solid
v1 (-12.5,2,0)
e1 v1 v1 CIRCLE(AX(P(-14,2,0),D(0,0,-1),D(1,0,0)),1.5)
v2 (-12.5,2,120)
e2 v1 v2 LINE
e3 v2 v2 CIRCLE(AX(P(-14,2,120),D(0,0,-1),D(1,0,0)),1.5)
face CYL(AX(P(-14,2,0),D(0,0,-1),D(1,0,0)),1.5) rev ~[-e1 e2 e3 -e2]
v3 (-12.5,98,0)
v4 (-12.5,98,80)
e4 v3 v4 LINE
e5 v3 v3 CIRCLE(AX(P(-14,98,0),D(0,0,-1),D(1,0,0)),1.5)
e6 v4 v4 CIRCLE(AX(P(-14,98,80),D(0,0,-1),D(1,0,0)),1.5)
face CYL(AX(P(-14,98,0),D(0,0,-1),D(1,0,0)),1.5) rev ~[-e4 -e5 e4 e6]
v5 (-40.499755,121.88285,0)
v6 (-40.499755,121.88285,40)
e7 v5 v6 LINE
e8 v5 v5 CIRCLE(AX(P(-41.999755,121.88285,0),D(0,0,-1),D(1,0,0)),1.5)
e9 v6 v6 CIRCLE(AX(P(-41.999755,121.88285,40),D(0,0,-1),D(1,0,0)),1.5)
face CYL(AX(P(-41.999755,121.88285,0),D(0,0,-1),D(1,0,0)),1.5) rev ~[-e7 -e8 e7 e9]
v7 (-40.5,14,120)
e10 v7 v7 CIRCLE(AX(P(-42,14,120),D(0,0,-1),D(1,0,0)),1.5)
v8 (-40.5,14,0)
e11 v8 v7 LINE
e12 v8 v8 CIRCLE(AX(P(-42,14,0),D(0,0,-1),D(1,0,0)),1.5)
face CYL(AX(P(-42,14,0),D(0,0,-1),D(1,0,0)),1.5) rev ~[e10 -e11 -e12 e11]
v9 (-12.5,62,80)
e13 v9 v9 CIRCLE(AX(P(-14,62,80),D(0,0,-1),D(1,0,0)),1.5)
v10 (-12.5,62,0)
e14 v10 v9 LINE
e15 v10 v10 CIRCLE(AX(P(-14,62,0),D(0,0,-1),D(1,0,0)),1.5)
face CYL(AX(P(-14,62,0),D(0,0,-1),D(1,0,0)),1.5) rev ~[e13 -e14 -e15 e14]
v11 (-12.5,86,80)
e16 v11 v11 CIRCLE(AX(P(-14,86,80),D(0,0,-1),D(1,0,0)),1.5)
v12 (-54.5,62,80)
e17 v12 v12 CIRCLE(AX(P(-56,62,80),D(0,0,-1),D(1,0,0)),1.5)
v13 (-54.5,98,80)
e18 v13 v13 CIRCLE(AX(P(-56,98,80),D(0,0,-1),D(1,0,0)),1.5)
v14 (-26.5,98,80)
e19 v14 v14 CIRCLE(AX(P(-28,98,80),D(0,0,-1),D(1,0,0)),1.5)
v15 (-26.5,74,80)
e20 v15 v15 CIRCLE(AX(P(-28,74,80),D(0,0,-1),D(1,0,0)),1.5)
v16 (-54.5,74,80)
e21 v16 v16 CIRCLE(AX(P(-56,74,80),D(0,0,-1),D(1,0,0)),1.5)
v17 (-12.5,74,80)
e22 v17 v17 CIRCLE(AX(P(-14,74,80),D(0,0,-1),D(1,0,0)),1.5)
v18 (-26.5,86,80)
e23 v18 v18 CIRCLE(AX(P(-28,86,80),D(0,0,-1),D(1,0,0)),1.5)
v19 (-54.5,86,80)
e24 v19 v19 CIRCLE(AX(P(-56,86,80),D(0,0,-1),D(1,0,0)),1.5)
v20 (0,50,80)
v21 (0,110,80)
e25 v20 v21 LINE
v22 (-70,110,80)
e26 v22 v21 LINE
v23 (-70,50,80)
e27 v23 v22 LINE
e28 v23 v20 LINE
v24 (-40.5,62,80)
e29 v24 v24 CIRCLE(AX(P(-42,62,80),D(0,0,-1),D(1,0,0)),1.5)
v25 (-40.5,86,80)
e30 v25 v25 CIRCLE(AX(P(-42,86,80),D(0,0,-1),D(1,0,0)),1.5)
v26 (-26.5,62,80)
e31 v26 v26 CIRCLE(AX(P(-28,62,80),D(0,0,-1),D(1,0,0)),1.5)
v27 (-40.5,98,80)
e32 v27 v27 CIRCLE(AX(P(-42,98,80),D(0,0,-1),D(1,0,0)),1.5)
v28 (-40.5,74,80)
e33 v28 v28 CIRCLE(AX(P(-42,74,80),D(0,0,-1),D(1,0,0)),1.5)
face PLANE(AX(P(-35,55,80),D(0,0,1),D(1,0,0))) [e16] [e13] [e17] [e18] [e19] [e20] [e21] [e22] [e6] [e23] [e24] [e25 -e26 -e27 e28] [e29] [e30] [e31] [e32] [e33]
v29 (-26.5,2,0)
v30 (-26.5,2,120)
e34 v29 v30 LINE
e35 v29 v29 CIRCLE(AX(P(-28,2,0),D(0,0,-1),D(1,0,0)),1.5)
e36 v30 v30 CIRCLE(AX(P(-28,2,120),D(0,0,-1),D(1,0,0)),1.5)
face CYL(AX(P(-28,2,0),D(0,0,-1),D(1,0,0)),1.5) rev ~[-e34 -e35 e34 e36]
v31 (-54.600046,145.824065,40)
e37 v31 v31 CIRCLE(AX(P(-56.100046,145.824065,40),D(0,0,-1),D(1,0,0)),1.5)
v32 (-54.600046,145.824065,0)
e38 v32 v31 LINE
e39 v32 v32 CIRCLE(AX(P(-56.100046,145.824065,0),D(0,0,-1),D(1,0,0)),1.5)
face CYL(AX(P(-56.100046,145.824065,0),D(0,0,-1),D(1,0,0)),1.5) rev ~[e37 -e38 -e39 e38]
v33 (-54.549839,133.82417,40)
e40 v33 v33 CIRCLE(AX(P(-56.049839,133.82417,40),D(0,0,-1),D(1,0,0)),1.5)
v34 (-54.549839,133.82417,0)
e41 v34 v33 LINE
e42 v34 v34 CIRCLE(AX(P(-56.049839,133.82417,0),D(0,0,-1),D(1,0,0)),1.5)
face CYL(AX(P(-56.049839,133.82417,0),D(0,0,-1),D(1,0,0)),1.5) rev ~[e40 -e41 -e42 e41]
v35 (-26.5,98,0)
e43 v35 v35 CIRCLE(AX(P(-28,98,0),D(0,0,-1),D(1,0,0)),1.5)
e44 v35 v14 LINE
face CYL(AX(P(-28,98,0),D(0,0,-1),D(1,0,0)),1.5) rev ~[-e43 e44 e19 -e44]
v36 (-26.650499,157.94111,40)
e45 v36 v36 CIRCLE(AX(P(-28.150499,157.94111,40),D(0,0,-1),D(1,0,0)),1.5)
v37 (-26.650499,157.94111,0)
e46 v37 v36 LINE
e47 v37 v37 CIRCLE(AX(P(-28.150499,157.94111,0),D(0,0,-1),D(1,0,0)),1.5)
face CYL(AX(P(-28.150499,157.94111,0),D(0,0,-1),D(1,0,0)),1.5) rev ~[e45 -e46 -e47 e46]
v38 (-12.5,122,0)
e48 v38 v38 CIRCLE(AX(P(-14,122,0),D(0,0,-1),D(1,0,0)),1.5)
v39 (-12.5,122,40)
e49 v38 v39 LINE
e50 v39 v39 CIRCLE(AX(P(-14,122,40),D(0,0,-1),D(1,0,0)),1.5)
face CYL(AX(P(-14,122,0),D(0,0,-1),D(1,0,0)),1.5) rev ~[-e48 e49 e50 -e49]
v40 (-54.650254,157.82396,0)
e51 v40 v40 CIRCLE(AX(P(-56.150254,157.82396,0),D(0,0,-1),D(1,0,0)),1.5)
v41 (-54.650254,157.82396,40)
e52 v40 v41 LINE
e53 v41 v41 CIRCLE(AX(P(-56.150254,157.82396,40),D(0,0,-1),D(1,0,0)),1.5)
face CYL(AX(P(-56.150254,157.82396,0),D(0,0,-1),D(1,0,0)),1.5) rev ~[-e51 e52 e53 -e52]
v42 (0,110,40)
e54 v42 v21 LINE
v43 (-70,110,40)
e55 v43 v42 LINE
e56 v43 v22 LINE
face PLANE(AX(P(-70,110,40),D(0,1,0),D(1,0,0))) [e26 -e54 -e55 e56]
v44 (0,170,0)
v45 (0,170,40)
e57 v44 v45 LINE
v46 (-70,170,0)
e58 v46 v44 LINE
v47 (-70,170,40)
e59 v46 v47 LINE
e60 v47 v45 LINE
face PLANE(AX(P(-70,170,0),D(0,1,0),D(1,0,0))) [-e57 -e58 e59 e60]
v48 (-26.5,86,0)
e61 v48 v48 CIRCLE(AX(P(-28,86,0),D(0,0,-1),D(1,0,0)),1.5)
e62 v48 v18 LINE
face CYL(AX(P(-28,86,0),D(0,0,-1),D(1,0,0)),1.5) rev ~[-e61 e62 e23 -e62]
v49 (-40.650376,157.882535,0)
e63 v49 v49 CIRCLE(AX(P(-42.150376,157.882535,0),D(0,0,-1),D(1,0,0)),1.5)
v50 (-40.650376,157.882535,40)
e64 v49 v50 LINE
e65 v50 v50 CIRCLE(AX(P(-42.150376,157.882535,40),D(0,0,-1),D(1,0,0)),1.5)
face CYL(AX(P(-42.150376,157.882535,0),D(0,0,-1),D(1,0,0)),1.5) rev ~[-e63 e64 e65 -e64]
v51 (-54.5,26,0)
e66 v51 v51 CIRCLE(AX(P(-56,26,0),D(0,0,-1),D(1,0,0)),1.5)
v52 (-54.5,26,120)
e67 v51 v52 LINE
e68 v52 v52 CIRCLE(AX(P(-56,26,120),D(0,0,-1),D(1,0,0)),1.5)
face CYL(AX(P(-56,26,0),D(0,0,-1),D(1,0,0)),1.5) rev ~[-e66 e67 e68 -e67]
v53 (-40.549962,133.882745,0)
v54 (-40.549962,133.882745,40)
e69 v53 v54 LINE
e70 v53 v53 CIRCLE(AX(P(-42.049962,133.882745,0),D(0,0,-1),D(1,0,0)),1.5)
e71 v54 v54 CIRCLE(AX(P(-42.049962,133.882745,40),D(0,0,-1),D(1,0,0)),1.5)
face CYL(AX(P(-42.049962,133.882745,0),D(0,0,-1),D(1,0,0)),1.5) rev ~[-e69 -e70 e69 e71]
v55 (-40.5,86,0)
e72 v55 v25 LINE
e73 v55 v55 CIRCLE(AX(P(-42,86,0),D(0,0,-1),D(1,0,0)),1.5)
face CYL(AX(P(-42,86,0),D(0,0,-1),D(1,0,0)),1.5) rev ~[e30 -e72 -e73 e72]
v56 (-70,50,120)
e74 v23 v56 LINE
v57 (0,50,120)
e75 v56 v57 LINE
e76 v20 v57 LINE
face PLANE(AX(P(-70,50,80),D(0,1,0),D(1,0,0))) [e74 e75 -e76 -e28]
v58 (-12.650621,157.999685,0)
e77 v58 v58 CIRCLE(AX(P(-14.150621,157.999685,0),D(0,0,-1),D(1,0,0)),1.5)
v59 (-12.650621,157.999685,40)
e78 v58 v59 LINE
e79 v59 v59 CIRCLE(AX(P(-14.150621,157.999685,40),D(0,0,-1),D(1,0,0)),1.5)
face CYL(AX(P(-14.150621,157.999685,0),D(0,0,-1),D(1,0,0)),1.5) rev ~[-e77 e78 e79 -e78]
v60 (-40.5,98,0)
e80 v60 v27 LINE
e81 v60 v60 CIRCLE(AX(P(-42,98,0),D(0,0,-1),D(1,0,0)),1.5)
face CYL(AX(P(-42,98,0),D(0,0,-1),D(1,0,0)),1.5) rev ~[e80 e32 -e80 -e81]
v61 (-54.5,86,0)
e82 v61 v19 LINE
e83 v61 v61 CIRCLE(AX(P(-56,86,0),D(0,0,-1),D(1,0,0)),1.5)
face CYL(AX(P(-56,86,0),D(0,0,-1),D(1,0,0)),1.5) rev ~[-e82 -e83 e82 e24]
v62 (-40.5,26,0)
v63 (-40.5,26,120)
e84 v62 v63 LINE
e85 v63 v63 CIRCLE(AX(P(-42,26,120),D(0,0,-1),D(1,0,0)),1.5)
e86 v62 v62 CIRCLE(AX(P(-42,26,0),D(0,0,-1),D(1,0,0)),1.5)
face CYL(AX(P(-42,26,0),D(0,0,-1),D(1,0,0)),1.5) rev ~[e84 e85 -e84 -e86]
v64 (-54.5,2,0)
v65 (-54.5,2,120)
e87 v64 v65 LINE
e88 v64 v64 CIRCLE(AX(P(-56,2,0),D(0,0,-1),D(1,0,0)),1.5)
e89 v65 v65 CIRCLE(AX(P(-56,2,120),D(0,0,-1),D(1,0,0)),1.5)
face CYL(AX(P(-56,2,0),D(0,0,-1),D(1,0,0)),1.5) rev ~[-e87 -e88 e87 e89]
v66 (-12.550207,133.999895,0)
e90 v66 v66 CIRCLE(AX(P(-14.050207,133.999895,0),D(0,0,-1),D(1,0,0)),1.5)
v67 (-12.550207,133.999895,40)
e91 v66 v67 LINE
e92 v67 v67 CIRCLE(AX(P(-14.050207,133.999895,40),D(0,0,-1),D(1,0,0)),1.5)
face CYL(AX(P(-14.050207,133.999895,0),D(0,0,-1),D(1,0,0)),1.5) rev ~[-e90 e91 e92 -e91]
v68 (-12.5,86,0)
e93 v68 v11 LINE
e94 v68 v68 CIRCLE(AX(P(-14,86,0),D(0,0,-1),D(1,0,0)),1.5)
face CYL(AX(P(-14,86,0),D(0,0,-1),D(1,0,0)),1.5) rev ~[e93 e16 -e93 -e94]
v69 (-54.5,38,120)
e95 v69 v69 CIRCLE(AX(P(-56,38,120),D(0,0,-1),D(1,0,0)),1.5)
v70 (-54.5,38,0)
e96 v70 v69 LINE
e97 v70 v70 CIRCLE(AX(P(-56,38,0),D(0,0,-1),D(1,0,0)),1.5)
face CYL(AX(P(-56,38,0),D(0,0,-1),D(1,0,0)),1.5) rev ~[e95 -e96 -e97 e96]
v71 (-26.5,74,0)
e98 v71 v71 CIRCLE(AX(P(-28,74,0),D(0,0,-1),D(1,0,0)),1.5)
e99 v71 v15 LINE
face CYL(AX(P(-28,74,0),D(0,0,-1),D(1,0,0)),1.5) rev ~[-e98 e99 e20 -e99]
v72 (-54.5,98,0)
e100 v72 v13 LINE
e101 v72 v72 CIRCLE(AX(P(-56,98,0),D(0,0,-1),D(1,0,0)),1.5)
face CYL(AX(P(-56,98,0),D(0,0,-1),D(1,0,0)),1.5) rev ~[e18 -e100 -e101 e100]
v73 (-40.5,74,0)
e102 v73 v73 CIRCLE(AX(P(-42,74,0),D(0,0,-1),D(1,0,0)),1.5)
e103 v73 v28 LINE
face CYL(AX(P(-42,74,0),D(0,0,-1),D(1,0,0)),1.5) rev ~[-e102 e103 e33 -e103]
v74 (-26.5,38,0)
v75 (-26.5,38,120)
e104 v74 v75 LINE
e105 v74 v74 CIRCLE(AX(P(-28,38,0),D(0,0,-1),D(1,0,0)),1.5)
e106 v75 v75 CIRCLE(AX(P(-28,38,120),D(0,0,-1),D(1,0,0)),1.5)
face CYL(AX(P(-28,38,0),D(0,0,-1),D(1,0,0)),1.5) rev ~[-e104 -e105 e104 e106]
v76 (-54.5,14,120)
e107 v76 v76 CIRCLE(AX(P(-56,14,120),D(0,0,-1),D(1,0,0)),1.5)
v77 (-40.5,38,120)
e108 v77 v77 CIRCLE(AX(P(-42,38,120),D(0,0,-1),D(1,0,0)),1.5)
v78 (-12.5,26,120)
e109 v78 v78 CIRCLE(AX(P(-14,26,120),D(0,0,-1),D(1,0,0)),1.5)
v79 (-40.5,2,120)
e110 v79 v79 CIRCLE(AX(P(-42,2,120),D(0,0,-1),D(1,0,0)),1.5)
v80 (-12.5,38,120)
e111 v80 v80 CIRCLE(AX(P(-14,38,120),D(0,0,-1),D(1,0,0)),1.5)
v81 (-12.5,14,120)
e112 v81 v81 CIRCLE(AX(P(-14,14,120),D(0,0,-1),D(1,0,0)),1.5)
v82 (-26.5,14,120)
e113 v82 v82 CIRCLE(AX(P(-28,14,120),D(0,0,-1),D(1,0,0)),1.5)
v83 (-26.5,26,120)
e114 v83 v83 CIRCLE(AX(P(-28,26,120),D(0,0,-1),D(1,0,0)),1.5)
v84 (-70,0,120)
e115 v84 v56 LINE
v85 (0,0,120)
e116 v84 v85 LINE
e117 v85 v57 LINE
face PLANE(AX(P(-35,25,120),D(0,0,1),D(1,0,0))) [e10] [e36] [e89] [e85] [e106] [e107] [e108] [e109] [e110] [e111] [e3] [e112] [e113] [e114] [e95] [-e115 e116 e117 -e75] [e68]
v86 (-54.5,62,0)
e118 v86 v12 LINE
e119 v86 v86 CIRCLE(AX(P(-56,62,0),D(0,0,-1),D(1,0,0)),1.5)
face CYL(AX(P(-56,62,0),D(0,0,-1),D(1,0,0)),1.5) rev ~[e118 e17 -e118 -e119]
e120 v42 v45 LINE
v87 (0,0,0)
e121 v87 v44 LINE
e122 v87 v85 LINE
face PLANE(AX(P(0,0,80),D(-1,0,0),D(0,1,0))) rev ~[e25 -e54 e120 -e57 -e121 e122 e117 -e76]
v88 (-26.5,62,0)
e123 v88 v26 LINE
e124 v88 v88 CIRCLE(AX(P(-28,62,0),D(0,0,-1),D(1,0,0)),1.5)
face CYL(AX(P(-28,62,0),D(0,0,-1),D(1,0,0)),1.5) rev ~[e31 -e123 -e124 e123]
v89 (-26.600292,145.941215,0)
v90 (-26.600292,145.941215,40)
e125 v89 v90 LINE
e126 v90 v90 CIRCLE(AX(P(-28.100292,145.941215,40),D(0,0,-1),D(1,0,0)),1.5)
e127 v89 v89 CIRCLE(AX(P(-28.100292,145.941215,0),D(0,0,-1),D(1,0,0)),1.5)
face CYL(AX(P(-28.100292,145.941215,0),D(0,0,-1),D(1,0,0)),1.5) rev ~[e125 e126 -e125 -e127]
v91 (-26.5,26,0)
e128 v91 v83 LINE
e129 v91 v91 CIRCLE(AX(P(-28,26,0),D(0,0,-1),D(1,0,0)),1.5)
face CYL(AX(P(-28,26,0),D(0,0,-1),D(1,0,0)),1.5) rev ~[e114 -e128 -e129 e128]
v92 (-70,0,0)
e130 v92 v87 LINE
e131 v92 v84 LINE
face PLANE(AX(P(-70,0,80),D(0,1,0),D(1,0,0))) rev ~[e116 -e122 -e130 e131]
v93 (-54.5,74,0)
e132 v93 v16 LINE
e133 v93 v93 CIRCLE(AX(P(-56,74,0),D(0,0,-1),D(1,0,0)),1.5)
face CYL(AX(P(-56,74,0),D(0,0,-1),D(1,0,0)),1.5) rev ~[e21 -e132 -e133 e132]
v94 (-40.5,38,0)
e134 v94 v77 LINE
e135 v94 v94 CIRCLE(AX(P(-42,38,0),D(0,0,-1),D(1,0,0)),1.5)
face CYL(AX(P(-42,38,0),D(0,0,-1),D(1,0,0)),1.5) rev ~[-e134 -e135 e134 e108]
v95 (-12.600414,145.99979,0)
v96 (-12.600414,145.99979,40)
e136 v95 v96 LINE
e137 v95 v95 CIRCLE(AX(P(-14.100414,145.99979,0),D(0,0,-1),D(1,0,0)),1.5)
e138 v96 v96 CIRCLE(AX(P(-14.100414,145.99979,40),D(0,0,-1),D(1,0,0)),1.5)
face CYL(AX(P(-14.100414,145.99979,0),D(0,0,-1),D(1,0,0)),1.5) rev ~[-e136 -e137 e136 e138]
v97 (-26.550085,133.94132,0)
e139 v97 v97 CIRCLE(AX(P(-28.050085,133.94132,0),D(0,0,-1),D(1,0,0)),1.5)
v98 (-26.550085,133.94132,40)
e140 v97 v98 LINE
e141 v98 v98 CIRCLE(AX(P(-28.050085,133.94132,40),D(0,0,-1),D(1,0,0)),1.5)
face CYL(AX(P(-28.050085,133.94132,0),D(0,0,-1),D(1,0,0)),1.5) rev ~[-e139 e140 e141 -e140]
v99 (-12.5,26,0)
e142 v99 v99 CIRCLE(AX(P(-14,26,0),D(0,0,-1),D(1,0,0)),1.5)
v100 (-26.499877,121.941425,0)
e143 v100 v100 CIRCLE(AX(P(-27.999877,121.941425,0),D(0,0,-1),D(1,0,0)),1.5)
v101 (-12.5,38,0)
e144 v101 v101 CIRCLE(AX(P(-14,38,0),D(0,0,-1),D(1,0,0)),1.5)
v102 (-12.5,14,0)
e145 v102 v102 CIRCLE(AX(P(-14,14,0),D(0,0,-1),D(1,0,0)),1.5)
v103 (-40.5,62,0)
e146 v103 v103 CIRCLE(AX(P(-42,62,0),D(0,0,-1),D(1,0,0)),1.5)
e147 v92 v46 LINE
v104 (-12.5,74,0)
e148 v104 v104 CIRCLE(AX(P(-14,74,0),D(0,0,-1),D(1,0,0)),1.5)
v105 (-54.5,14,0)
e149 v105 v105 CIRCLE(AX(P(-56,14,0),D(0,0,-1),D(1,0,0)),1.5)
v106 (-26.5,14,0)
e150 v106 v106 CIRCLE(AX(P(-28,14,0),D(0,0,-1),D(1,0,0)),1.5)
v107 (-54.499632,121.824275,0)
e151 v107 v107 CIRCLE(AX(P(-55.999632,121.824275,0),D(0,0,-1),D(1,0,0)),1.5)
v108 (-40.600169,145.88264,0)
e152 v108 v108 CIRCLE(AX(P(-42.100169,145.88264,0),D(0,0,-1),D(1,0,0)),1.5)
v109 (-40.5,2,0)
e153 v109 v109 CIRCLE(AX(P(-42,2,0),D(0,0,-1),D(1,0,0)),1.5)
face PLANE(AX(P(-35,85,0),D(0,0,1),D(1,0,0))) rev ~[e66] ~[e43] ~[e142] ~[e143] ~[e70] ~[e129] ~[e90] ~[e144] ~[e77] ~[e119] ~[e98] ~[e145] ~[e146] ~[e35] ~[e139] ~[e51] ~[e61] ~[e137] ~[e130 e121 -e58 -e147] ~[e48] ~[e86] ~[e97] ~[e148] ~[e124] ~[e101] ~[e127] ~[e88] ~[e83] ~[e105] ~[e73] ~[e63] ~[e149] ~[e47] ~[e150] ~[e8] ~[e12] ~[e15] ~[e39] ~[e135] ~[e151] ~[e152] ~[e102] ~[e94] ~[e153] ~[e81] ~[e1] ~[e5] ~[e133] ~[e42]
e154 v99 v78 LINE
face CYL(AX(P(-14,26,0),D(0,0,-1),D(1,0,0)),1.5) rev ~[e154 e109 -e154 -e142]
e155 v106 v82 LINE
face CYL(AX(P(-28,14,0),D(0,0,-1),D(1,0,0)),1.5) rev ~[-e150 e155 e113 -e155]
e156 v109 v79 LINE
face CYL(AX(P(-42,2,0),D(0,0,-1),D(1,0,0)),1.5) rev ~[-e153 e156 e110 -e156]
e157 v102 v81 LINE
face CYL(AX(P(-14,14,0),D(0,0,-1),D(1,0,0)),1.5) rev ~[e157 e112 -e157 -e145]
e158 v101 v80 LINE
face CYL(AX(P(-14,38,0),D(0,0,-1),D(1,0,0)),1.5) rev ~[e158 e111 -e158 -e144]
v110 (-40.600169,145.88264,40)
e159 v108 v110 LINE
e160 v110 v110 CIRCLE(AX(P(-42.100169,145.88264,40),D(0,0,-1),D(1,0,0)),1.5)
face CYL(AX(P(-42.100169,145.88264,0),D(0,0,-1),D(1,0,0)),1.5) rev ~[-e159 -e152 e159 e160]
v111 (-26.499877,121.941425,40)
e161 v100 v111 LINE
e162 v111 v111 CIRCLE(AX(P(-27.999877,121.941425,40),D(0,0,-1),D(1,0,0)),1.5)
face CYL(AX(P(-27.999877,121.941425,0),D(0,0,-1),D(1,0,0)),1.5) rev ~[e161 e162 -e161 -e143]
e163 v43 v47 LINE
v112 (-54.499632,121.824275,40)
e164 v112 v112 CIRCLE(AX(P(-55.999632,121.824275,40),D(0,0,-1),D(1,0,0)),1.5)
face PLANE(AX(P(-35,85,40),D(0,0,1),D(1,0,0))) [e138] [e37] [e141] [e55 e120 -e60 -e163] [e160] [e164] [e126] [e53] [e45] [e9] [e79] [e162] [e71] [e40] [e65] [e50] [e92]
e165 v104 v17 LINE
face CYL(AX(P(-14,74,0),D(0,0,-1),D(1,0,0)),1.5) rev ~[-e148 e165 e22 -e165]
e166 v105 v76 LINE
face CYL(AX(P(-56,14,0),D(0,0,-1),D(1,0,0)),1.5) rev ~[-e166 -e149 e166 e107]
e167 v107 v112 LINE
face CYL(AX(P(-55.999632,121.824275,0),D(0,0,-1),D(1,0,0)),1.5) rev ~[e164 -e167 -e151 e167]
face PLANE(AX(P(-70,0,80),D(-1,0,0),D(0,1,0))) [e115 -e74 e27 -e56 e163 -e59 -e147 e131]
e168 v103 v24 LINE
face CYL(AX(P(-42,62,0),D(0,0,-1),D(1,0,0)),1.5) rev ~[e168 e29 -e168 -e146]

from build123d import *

# Parameters (mm, degrees)
SKETCH_W     = 70
SKETCH_H     = 170
PAD_DEPTH    = 40
SKETCH001_W  = 70
SKETCH001_H  = 110
PAD001_DEPTH = 40
SKETCH002_W  = 70
SKETCH002_H  = 50
PAD002_DEPTH = 40
SKETCH003_R  = 1.5
POCKET_DEPTH = 120.001


with BuildPart() as part:
    # Sketch → Pad (new body)
    with BuildSketch(Plane.XY):
        with Locations((-35, 85)):
            Rectangle(SKETCH_W, SKETCH_H)
    extrude(amount=PAD_DEPTH)

    # Sketch001 (on Face6 of Pad) → Pad001 (join)
    with BuildSketch(Plane.XY.offset(40)):
        with Locations((-35, 55)):
            Rectangle(SKETCH001_W, SKETCH001_H)
    extrude(amount=PAD001_DEPTH)

    # Sketch002 (on Face10 of Pad001) → Pad002 (join)
    with BuildSketch(Plane.XY.offset(80)):
        with Locations((-35, 25)):
            Rectangle(SKETCH002_W, SKETCH002_H)
    extrude(amount=PAD002_DEPTH)

    # Sketch003 (on Face4 of Pad002) → Pocket (cut, through all)
    with BuildSketch(Plane(origin=(0, 0, 0), x_dir=(1, 0, 0), z_dir=(0, 0, -1))):
        with Locations((-14, -122)):
            Circle(SKETCH003_R)
        with Locations((-14, -62)):
            Circle(SKETCH003_R)
        with Locations((-14, -2)):
            Circle(SKETCH003_R)
        with Locations((-14, -14)):
            Circle(SKETCH003_R)
        with Locations((-14, -26)):
            Circle(SKETCH003_R)
        with Locations((-14, -38)):
            Circle(SKETCH003_R)
        with Locations((-28, -2)):
            Circle(SKETCH003_R)
        with Locations((-28, -14)):
            Circle(SKETCH003_R)
        with Locations((-28, -26)):
            Circle(SKETCH003_R)
        with Locations((-28, -38)):
            Circle(SKETCH003_R)
        with Locations((-42, -2)):
            Circle(SKETCH003_R)
        with Locations((-42, -14)):
            Circle(SKETCH003_R)
        with Locations((-42, -26)):
            Circle(SKETCH003_R)
        with Locations((-42, -38)):
            Circle(SKETCH003_R)
        with Locations((-56, -2)):
            Circle(SKETCH003_R)
        with Locations((-56, -14)):
            Circle(SKETCH003_R)
        with Locations((-56, -26)):
            Circle(SKETCH003_R)
        with Locations((-56, -38)):
            Circle(SKETCH003_R)
        with Locations((-14, -74)):
            Circle(SKETCH003_R)
        with Locations((-14, -86)):
            Circle(SKETCH003_R)
        with Locations((-14, -98)):
            Circle(SKETCH003_R)
        with Locations((-28, -62)):
            Circle(SKETCH003_R)
        with Locations((-28, -74)):
            Circle(SKETCH003_R)
        with Locations((-28, -86)):
            Circle(SKETCH003_R)
        with Locations((-28, -98)):
            Circle(SKETCH003_R)
        with Locations((-42, -62)):
            Circle(SKETCH003_R)
        with Locations((-42, -74)):
            Circle(SKETCH003_R)
        with Locations((-42, -86)):
            Circle(SKETCH003_R)
        with Locations((-42, -98)):
            Circle(SKETCH003_R)
        with Locations((-56, -62)):
            Circle(SKETCH003_R)
        with Locations((-56, -74)):
            Circle(SKETCH003_R)
        with Locations((-56, -86)):
            Circle(SKETCH003_R)
        with Locations((-56, -98)):
            Circle(SKETCH003_R)
        with Locations((-14.050207, -133.999895)):
            Circle(SKETCH003_R)
        with Locations((-14.100414, -145.99979)):
            Circle(SKETCH003_R)
        with Locations((-14.150621, -157.999685)):
            Circle(SKETCH003_R)
        with Locations((-27.999877, -121.941425)):
            Circle(SKETCH003_R)
        with Locations((-28.050085, -133.94132)):
            Circle(SKETCH003_R)
        with Locations((-28.100292, -145.941215)):
            Circle(SKETCH003_R)
        with Locations((-28.150499, -157.94111)):
            Circle(SKETCH003_R)
        with Locations((-41.999755, -121.88285)):
            Circle(SKETCH003_R)
        with Locations((-42.049962, -133.882745)):
            Circle(SKETCH003_R)
        with Locations((-42.100169, -145.88264)):
            Circle(SKETCH003_R)
        with Locations((-42.150376, -157.882535)):
            Circle(SKETCH003_R)
        with Locations((-55.999632, -121.824275)):
            Circle(SKETCH003_R)
        with Locations((-56.049839, -133.82417)):
            Circle(SKETCH003_R)
        with Locations((-56.100046, -145.824065)):
            Circle(SKETCH003_R)
        with Locations((-56.150254, -157.82396)):
            Circle(SKETCH003_R)
    extrude(amount=-POCKET_DEPTH, mode=Mode.SUBTRACT)


solid = part.part
